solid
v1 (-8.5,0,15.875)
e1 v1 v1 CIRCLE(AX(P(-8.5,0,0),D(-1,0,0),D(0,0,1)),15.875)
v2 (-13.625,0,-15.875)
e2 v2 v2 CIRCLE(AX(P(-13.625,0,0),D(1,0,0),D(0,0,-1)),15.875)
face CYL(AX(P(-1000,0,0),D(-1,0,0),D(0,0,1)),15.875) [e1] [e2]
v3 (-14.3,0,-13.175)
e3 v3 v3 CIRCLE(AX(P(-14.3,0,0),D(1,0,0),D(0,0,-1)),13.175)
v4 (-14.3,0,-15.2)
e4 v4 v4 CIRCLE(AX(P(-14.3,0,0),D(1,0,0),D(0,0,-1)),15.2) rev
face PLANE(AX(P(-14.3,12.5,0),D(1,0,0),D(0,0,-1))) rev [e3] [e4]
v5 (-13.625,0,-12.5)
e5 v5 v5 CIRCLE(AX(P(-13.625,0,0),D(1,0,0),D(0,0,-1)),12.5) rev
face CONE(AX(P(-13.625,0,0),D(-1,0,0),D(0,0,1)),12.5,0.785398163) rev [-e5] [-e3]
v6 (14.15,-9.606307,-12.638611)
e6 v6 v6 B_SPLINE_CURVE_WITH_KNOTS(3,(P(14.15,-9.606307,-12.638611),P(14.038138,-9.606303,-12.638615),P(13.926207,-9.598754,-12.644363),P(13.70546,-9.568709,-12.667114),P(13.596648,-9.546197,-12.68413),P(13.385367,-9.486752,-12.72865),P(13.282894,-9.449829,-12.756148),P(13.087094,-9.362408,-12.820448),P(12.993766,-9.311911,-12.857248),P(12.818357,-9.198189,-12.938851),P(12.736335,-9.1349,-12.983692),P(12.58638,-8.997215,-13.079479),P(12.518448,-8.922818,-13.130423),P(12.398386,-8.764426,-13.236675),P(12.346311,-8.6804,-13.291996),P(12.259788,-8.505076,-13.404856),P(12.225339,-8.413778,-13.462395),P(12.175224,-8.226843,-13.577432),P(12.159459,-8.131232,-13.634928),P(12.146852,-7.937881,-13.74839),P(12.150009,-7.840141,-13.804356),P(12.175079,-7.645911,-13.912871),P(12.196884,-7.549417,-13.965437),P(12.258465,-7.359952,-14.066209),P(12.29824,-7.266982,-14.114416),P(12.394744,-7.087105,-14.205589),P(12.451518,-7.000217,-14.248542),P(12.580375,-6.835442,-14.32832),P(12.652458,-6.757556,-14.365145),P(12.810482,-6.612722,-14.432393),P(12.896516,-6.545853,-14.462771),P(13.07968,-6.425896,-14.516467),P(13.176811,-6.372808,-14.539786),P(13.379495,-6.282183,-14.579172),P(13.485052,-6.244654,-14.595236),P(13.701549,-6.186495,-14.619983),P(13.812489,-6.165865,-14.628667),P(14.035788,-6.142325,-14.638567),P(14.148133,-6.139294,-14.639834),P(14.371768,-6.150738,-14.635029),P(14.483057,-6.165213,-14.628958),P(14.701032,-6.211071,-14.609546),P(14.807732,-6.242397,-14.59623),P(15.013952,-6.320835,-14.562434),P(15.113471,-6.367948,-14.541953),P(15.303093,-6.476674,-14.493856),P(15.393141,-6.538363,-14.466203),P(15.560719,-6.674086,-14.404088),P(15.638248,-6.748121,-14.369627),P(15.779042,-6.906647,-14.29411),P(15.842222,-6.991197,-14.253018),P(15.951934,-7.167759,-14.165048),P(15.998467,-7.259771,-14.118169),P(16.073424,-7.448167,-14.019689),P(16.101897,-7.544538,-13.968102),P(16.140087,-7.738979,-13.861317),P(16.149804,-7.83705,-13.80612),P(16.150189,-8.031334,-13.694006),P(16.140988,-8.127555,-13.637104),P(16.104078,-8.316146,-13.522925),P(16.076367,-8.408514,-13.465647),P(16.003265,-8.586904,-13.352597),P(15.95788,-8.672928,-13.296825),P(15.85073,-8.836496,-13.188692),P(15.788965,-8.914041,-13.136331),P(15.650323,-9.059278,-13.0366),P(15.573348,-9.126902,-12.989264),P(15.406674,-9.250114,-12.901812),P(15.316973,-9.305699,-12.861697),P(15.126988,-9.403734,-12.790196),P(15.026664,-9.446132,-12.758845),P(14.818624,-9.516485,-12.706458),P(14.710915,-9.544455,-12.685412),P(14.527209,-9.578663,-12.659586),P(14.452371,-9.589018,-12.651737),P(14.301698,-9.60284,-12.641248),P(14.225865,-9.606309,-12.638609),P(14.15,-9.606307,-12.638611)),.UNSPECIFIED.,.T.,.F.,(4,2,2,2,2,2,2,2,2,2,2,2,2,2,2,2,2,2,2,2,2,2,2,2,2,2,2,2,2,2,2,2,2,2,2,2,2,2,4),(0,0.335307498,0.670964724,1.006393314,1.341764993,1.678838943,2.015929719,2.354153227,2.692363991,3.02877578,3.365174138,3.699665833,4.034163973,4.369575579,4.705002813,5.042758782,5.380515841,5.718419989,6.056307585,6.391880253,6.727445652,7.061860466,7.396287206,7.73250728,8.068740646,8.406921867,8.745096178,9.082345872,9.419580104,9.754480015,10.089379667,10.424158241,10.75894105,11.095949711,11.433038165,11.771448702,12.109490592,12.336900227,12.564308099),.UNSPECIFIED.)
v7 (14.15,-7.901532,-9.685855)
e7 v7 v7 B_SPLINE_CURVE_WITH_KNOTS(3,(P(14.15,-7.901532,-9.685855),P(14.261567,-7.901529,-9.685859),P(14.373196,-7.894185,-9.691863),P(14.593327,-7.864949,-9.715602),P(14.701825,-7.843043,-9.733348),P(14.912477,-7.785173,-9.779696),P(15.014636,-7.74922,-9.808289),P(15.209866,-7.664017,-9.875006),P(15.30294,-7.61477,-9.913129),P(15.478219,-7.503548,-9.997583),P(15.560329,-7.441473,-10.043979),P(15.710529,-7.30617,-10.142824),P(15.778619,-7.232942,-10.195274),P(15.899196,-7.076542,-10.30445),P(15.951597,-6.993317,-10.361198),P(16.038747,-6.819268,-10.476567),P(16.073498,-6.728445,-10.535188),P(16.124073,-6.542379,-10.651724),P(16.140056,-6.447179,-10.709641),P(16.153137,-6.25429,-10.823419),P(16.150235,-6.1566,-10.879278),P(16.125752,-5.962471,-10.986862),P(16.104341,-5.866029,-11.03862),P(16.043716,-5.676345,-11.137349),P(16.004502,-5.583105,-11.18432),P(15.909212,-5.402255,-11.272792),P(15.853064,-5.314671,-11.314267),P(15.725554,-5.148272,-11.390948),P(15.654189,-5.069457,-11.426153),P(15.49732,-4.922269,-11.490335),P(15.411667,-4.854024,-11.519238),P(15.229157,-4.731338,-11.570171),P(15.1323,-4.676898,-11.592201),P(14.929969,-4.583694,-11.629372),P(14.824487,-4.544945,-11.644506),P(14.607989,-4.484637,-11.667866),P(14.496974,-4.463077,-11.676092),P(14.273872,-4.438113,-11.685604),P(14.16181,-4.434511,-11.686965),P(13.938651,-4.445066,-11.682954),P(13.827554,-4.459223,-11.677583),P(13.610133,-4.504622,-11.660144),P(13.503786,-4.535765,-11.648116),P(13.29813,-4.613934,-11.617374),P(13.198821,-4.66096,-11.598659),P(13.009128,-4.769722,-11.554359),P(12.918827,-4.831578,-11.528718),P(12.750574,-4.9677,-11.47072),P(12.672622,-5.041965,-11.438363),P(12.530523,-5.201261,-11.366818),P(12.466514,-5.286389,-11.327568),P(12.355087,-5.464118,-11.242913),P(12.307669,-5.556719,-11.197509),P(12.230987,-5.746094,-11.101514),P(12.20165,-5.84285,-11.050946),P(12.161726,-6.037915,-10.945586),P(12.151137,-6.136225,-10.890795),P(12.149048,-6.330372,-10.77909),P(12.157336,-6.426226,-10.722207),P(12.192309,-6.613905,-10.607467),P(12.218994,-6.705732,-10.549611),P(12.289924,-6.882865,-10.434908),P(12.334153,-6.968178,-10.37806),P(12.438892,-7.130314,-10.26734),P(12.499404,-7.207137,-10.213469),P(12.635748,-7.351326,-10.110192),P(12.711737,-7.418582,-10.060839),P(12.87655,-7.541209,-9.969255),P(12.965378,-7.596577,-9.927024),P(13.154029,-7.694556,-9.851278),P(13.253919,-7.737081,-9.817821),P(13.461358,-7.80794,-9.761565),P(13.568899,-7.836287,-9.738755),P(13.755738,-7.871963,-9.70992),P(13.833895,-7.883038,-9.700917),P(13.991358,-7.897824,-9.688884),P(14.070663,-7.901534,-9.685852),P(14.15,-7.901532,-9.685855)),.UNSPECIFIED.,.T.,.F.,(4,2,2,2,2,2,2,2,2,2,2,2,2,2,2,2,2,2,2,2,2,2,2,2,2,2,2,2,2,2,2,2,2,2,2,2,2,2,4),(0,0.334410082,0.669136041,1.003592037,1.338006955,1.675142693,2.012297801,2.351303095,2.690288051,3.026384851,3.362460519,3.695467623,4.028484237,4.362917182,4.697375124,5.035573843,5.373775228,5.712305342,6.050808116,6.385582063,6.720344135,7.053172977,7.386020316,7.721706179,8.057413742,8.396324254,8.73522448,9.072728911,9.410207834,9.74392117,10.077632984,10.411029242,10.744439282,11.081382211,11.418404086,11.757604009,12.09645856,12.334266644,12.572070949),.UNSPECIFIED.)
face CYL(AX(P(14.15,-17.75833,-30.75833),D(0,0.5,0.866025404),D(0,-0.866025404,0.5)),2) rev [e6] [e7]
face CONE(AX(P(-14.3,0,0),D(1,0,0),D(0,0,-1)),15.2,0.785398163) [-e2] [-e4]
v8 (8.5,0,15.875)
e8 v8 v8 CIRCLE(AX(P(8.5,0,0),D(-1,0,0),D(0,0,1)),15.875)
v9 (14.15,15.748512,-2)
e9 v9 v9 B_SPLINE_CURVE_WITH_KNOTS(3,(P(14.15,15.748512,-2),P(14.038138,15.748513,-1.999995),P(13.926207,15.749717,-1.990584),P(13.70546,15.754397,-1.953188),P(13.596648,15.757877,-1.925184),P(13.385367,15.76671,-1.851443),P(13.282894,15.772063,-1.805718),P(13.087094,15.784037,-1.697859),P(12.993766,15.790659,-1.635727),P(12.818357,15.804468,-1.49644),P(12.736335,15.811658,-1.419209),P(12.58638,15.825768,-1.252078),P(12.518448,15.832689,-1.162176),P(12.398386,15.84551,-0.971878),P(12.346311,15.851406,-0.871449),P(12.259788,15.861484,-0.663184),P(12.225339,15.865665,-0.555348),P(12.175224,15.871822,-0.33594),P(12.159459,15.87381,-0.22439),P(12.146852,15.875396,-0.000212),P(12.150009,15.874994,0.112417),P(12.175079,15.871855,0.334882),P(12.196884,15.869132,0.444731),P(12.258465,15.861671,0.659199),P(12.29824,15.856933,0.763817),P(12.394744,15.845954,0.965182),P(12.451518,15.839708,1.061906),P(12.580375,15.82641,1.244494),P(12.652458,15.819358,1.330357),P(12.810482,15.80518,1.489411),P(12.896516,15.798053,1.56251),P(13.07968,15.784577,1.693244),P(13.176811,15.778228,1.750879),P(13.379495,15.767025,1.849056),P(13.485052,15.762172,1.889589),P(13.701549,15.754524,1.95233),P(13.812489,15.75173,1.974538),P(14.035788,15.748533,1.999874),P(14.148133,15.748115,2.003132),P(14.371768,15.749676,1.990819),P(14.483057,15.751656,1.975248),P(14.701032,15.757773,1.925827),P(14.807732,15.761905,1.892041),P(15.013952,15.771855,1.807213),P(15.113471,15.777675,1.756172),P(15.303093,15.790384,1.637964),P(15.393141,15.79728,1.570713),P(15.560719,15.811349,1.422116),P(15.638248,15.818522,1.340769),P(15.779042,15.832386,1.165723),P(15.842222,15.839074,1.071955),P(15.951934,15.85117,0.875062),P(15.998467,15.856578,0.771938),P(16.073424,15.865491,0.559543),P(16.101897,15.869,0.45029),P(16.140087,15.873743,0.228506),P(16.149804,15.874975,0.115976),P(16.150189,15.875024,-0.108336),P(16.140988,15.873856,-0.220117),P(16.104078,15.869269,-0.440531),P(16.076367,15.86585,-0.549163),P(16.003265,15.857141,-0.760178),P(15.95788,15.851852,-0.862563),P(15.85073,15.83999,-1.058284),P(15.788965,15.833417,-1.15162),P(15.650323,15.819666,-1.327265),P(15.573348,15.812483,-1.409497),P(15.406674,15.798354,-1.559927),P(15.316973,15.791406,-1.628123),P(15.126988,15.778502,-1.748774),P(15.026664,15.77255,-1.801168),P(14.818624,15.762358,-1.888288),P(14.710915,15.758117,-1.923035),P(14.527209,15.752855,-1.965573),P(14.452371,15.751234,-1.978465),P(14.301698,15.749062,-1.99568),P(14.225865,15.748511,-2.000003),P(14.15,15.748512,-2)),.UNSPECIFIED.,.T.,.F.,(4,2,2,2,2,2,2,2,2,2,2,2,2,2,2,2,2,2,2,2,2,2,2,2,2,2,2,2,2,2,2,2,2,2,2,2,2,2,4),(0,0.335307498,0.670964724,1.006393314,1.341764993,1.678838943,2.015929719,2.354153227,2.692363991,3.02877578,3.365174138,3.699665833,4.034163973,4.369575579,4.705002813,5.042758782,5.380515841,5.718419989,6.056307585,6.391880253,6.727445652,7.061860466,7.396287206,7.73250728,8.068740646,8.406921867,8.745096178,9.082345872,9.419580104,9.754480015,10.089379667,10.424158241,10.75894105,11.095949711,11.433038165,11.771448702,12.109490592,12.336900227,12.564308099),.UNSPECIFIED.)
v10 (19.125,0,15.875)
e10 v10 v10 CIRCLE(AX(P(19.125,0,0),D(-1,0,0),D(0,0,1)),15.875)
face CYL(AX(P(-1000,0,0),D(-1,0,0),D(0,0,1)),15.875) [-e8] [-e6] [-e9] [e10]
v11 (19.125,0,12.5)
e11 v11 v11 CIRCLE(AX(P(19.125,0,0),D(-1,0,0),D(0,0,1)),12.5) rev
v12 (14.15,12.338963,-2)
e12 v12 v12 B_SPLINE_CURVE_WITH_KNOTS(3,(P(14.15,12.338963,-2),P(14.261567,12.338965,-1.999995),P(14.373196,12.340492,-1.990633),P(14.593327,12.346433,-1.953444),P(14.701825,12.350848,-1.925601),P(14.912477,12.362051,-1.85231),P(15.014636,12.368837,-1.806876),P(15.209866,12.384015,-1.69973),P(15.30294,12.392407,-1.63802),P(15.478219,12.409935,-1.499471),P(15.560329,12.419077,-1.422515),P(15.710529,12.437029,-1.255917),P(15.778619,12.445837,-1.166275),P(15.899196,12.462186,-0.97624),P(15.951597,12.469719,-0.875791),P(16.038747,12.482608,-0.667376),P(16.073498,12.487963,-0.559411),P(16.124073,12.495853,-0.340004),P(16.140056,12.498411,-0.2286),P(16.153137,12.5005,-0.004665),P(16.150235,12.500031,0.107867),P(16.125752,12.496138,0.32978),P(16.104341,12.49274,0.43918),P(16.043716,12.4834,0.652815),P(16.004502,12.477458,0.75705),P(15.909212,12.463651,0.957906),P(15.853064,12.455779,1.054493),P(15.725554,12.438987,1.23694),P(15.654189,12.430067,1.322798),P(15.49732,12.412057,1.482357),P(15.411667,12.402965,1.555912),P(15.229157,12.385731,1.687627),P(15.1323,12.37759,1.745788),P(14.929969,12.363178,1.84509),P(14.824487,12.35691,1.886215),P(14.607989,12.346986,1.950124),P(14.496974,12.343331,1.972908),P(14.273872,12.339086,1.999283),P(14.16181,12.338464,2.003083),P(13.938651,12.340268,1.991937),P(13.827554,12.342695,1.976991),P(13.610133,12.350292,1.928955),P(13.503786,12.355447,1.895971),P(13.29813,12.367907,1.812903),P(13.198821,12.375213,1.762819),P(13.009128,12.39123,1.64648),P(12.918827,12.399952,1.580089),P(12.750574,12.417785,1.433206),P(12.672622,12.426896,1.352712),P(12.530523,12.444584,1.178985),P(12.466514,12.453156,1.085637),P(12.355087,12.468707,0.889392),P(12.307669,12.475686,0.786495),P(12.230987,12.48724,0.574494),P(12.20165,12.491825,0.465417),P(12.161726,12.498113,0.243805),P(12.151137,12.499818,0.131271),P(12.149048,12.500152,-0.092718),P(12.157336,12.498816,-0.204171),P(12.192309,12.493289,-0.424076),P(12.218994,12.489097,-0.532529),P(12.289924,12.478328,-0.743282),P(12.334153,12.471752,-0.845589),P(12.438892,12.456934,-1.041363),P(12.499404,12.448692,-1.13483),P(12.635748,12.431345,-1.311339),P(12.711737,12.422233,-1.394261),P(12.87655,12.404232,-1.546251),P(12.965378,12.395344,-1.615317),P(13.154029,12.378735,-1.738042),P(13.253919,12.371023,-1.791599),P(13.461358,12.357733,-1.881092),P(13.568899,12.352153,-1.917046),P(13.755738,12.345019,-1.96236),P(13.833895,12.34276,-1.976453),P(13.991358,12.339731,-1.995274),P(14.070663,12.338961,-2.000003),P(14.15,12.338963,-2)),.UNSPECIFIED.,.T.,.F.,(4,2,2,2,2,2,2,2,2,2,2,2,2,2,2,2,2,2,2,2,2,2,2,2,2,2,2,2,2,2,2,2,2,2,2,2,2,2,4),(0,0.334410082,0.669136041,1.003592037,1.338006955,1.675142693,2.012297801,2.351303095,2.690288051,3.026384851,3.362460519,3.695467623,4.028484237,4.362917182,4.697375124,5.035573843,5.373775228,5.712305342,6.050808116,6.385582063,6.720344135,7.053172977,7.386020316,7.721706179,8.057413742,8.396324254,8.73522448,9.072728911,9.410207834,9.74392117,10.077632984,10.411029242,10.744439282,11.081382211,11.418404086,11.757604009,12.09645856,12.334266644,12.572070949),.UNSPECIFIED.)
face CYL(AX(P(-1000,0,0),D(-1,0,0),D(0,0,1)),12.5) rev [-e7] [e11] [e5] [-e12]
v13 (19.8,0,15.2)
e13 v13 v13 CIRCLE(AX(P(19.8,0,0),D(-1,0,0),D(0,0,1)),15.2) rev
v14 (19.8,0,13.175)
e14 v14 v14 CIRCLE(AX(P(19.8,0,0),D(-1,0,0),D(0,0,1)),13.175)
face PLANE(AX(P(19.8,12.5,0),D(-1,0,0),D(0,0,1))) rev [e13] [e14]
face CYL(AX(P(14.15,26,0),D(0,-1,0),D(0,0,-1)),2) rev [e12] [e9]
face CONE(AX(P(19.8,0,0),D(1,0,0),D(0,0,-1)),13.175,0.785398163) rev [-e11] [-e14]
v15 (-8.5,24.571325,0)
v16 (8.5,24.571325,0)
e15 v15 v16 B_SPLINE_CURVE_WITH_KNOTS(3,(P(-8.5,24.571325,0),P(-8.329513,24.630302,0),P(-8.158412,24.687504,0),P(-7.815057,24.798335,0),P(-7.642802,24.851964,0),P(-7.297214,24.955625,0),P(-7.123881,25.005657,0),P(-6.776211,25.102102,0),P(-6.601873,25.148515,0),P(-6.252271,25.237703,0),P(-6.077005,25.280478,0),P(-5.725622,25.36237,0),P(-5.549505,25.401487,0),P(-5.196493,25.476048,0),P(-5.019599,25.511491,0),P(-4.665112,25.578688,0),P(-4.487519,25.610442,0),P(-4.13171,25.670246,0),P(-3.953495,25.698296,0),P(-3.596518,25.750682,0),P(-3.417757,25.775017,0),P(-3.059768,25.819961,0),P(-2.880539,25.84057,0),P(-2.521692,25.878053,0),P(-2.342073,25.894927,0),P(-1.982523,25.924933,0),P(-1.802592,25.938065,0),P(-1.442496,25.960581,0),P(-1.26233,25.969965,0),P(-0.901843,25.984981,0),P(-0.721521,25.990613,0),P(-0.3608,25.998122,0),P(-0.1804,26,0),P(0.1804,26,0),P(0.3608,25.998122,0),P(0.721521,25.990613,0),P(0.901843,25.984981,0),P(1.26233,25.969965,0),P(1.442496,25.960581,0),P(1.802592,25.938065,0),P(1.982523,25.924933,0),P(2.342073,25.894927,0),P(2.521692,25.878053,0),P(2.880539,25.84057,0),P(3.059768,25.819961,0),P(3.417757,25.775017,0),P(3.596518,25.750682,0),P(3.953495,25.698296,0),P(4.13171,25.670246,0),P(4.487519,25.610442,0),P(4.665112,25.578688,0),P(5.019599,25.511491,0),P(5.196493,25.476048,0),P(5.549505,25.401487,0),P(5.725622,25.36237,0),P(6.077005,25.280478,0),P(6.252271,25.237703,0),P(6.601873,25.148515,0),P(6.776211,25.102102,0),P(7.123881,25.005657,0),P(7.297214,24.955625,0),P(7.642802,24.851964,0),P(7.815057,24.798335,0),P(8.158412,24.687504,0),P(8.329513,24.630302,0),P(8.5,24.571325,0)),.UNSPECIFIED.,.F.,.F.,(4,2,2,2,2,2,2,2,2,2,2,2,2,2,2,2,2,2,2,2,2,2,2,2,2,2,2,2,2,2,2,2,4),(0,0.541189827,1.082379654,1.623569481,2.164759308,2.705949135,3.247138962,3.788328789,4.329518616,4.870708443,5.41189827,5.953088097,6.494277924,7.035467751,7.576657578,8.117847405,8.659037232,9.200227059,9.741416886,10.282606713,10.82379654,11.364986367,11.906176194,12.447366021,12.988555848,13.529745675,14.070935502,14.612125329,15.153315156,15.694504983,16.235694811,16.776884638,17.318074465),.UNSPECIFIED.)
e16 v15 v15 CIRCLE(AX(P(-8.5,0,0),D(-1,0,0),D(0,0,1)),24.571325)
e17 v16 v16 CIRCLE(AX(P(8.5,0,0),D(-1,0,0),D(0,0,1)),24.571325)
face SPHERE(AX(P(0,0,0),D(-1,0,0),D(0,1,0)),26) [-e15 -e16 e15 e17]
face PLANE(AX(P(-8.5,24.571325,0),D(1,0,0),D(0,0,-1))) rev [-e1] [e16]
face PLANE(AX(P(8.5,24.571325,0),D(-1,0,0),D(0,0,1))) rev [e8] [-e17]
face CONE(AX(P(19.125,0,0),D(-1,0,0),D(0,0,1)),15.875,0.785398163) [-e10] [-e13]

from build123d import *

# Parameters (mm, degrees)
SKETCH_2_R               = 2
CUT_EXTRUDE_1_DEPTH      = 42.761704946
PATTERN_CIRCULAR_1_COUNT = 2
PATTERN_CIRCULAR_1_ANGLE = 120
CHAMFER_1_SIZE           = 0.675


with BuildPart() as part:
    # Эскиз1 → Повернуть1 (revolve)
    with BuildSketch(Plane.XY, mode=Mode.PRIVATE) as revolve_1_sk:
        with BuildLine():
            Line((-8.5, 24.571324751), (-8.5, 15.875))
            Line((-8.5, 15.875), (-14.3, 15.875))
            Line((-14.3, 15.875), (-14.3, 12.5))
            Line((-14.3, 12.5), (19.8, 12.5))
            Line((19.8, 12.5), (19.8, 15.875))
            Line((19.8, 15.875), (8.5, 15.875))
            Line((8.5, 15.875), (8.5, 24.571324751))
            ThreePointArc((8.5, 24.571324751), (0, 26), (-8.5, 24.571324751))
        make_face()
    revolve(revolve_1_sk.sketch.rotate(Axis((-1000, 0, 0), (1, 0, 0)), 90), axis=Axis((-1000, 0, 0), (1, 0, 0)))

    # Эскиз2 → Вырез-Вытянуть1 (cut, through all)
    with BuildSketch(Plane(origin=(0, 0, 0), x_dir=(1, 0, 0), z_dir=(0, 1, 0))):
        with Locations(Location((14.15, 0, 0), (0, 0, 90))):
            Circle(SKETCH_2_R)
    cut_extrude_1 = extrude(amount=CUT_EXTRUDE_1_DEPTH, mode=Mode.SUBTRACT)

    # Круговой массив1: Вырез-Вытянуть1 ×2 about axis
    pattern_circular_1_axis = Axis((-1000, 0, 0), (-1, 0, 0))
    for i in range(1, PATTERN_CIRCULAR_1_COUNT):
        add(cut_extrude_1.rotate(pattern_circular_1_axis, i * PATTERN_CIRCULAR_1_ANGLE / (PATTERN_CIRCULAR_1_COUNT - 1)), mode=Mode.SUBTRACT)

    # Фаска1
    chamfer_1_edges = [part.edges().sort_by_distance(p)[0] for p in [
        (-14.3, 0, -15.875),
        (-14.3, 0, -12.5),
        (19.8, 0, -12.5),
        (19.8, 0, -15.875),
    ]]
    chamfer(chamfer_1_edges, length=CHAMFER_1_SIZE)


solid = part.part
